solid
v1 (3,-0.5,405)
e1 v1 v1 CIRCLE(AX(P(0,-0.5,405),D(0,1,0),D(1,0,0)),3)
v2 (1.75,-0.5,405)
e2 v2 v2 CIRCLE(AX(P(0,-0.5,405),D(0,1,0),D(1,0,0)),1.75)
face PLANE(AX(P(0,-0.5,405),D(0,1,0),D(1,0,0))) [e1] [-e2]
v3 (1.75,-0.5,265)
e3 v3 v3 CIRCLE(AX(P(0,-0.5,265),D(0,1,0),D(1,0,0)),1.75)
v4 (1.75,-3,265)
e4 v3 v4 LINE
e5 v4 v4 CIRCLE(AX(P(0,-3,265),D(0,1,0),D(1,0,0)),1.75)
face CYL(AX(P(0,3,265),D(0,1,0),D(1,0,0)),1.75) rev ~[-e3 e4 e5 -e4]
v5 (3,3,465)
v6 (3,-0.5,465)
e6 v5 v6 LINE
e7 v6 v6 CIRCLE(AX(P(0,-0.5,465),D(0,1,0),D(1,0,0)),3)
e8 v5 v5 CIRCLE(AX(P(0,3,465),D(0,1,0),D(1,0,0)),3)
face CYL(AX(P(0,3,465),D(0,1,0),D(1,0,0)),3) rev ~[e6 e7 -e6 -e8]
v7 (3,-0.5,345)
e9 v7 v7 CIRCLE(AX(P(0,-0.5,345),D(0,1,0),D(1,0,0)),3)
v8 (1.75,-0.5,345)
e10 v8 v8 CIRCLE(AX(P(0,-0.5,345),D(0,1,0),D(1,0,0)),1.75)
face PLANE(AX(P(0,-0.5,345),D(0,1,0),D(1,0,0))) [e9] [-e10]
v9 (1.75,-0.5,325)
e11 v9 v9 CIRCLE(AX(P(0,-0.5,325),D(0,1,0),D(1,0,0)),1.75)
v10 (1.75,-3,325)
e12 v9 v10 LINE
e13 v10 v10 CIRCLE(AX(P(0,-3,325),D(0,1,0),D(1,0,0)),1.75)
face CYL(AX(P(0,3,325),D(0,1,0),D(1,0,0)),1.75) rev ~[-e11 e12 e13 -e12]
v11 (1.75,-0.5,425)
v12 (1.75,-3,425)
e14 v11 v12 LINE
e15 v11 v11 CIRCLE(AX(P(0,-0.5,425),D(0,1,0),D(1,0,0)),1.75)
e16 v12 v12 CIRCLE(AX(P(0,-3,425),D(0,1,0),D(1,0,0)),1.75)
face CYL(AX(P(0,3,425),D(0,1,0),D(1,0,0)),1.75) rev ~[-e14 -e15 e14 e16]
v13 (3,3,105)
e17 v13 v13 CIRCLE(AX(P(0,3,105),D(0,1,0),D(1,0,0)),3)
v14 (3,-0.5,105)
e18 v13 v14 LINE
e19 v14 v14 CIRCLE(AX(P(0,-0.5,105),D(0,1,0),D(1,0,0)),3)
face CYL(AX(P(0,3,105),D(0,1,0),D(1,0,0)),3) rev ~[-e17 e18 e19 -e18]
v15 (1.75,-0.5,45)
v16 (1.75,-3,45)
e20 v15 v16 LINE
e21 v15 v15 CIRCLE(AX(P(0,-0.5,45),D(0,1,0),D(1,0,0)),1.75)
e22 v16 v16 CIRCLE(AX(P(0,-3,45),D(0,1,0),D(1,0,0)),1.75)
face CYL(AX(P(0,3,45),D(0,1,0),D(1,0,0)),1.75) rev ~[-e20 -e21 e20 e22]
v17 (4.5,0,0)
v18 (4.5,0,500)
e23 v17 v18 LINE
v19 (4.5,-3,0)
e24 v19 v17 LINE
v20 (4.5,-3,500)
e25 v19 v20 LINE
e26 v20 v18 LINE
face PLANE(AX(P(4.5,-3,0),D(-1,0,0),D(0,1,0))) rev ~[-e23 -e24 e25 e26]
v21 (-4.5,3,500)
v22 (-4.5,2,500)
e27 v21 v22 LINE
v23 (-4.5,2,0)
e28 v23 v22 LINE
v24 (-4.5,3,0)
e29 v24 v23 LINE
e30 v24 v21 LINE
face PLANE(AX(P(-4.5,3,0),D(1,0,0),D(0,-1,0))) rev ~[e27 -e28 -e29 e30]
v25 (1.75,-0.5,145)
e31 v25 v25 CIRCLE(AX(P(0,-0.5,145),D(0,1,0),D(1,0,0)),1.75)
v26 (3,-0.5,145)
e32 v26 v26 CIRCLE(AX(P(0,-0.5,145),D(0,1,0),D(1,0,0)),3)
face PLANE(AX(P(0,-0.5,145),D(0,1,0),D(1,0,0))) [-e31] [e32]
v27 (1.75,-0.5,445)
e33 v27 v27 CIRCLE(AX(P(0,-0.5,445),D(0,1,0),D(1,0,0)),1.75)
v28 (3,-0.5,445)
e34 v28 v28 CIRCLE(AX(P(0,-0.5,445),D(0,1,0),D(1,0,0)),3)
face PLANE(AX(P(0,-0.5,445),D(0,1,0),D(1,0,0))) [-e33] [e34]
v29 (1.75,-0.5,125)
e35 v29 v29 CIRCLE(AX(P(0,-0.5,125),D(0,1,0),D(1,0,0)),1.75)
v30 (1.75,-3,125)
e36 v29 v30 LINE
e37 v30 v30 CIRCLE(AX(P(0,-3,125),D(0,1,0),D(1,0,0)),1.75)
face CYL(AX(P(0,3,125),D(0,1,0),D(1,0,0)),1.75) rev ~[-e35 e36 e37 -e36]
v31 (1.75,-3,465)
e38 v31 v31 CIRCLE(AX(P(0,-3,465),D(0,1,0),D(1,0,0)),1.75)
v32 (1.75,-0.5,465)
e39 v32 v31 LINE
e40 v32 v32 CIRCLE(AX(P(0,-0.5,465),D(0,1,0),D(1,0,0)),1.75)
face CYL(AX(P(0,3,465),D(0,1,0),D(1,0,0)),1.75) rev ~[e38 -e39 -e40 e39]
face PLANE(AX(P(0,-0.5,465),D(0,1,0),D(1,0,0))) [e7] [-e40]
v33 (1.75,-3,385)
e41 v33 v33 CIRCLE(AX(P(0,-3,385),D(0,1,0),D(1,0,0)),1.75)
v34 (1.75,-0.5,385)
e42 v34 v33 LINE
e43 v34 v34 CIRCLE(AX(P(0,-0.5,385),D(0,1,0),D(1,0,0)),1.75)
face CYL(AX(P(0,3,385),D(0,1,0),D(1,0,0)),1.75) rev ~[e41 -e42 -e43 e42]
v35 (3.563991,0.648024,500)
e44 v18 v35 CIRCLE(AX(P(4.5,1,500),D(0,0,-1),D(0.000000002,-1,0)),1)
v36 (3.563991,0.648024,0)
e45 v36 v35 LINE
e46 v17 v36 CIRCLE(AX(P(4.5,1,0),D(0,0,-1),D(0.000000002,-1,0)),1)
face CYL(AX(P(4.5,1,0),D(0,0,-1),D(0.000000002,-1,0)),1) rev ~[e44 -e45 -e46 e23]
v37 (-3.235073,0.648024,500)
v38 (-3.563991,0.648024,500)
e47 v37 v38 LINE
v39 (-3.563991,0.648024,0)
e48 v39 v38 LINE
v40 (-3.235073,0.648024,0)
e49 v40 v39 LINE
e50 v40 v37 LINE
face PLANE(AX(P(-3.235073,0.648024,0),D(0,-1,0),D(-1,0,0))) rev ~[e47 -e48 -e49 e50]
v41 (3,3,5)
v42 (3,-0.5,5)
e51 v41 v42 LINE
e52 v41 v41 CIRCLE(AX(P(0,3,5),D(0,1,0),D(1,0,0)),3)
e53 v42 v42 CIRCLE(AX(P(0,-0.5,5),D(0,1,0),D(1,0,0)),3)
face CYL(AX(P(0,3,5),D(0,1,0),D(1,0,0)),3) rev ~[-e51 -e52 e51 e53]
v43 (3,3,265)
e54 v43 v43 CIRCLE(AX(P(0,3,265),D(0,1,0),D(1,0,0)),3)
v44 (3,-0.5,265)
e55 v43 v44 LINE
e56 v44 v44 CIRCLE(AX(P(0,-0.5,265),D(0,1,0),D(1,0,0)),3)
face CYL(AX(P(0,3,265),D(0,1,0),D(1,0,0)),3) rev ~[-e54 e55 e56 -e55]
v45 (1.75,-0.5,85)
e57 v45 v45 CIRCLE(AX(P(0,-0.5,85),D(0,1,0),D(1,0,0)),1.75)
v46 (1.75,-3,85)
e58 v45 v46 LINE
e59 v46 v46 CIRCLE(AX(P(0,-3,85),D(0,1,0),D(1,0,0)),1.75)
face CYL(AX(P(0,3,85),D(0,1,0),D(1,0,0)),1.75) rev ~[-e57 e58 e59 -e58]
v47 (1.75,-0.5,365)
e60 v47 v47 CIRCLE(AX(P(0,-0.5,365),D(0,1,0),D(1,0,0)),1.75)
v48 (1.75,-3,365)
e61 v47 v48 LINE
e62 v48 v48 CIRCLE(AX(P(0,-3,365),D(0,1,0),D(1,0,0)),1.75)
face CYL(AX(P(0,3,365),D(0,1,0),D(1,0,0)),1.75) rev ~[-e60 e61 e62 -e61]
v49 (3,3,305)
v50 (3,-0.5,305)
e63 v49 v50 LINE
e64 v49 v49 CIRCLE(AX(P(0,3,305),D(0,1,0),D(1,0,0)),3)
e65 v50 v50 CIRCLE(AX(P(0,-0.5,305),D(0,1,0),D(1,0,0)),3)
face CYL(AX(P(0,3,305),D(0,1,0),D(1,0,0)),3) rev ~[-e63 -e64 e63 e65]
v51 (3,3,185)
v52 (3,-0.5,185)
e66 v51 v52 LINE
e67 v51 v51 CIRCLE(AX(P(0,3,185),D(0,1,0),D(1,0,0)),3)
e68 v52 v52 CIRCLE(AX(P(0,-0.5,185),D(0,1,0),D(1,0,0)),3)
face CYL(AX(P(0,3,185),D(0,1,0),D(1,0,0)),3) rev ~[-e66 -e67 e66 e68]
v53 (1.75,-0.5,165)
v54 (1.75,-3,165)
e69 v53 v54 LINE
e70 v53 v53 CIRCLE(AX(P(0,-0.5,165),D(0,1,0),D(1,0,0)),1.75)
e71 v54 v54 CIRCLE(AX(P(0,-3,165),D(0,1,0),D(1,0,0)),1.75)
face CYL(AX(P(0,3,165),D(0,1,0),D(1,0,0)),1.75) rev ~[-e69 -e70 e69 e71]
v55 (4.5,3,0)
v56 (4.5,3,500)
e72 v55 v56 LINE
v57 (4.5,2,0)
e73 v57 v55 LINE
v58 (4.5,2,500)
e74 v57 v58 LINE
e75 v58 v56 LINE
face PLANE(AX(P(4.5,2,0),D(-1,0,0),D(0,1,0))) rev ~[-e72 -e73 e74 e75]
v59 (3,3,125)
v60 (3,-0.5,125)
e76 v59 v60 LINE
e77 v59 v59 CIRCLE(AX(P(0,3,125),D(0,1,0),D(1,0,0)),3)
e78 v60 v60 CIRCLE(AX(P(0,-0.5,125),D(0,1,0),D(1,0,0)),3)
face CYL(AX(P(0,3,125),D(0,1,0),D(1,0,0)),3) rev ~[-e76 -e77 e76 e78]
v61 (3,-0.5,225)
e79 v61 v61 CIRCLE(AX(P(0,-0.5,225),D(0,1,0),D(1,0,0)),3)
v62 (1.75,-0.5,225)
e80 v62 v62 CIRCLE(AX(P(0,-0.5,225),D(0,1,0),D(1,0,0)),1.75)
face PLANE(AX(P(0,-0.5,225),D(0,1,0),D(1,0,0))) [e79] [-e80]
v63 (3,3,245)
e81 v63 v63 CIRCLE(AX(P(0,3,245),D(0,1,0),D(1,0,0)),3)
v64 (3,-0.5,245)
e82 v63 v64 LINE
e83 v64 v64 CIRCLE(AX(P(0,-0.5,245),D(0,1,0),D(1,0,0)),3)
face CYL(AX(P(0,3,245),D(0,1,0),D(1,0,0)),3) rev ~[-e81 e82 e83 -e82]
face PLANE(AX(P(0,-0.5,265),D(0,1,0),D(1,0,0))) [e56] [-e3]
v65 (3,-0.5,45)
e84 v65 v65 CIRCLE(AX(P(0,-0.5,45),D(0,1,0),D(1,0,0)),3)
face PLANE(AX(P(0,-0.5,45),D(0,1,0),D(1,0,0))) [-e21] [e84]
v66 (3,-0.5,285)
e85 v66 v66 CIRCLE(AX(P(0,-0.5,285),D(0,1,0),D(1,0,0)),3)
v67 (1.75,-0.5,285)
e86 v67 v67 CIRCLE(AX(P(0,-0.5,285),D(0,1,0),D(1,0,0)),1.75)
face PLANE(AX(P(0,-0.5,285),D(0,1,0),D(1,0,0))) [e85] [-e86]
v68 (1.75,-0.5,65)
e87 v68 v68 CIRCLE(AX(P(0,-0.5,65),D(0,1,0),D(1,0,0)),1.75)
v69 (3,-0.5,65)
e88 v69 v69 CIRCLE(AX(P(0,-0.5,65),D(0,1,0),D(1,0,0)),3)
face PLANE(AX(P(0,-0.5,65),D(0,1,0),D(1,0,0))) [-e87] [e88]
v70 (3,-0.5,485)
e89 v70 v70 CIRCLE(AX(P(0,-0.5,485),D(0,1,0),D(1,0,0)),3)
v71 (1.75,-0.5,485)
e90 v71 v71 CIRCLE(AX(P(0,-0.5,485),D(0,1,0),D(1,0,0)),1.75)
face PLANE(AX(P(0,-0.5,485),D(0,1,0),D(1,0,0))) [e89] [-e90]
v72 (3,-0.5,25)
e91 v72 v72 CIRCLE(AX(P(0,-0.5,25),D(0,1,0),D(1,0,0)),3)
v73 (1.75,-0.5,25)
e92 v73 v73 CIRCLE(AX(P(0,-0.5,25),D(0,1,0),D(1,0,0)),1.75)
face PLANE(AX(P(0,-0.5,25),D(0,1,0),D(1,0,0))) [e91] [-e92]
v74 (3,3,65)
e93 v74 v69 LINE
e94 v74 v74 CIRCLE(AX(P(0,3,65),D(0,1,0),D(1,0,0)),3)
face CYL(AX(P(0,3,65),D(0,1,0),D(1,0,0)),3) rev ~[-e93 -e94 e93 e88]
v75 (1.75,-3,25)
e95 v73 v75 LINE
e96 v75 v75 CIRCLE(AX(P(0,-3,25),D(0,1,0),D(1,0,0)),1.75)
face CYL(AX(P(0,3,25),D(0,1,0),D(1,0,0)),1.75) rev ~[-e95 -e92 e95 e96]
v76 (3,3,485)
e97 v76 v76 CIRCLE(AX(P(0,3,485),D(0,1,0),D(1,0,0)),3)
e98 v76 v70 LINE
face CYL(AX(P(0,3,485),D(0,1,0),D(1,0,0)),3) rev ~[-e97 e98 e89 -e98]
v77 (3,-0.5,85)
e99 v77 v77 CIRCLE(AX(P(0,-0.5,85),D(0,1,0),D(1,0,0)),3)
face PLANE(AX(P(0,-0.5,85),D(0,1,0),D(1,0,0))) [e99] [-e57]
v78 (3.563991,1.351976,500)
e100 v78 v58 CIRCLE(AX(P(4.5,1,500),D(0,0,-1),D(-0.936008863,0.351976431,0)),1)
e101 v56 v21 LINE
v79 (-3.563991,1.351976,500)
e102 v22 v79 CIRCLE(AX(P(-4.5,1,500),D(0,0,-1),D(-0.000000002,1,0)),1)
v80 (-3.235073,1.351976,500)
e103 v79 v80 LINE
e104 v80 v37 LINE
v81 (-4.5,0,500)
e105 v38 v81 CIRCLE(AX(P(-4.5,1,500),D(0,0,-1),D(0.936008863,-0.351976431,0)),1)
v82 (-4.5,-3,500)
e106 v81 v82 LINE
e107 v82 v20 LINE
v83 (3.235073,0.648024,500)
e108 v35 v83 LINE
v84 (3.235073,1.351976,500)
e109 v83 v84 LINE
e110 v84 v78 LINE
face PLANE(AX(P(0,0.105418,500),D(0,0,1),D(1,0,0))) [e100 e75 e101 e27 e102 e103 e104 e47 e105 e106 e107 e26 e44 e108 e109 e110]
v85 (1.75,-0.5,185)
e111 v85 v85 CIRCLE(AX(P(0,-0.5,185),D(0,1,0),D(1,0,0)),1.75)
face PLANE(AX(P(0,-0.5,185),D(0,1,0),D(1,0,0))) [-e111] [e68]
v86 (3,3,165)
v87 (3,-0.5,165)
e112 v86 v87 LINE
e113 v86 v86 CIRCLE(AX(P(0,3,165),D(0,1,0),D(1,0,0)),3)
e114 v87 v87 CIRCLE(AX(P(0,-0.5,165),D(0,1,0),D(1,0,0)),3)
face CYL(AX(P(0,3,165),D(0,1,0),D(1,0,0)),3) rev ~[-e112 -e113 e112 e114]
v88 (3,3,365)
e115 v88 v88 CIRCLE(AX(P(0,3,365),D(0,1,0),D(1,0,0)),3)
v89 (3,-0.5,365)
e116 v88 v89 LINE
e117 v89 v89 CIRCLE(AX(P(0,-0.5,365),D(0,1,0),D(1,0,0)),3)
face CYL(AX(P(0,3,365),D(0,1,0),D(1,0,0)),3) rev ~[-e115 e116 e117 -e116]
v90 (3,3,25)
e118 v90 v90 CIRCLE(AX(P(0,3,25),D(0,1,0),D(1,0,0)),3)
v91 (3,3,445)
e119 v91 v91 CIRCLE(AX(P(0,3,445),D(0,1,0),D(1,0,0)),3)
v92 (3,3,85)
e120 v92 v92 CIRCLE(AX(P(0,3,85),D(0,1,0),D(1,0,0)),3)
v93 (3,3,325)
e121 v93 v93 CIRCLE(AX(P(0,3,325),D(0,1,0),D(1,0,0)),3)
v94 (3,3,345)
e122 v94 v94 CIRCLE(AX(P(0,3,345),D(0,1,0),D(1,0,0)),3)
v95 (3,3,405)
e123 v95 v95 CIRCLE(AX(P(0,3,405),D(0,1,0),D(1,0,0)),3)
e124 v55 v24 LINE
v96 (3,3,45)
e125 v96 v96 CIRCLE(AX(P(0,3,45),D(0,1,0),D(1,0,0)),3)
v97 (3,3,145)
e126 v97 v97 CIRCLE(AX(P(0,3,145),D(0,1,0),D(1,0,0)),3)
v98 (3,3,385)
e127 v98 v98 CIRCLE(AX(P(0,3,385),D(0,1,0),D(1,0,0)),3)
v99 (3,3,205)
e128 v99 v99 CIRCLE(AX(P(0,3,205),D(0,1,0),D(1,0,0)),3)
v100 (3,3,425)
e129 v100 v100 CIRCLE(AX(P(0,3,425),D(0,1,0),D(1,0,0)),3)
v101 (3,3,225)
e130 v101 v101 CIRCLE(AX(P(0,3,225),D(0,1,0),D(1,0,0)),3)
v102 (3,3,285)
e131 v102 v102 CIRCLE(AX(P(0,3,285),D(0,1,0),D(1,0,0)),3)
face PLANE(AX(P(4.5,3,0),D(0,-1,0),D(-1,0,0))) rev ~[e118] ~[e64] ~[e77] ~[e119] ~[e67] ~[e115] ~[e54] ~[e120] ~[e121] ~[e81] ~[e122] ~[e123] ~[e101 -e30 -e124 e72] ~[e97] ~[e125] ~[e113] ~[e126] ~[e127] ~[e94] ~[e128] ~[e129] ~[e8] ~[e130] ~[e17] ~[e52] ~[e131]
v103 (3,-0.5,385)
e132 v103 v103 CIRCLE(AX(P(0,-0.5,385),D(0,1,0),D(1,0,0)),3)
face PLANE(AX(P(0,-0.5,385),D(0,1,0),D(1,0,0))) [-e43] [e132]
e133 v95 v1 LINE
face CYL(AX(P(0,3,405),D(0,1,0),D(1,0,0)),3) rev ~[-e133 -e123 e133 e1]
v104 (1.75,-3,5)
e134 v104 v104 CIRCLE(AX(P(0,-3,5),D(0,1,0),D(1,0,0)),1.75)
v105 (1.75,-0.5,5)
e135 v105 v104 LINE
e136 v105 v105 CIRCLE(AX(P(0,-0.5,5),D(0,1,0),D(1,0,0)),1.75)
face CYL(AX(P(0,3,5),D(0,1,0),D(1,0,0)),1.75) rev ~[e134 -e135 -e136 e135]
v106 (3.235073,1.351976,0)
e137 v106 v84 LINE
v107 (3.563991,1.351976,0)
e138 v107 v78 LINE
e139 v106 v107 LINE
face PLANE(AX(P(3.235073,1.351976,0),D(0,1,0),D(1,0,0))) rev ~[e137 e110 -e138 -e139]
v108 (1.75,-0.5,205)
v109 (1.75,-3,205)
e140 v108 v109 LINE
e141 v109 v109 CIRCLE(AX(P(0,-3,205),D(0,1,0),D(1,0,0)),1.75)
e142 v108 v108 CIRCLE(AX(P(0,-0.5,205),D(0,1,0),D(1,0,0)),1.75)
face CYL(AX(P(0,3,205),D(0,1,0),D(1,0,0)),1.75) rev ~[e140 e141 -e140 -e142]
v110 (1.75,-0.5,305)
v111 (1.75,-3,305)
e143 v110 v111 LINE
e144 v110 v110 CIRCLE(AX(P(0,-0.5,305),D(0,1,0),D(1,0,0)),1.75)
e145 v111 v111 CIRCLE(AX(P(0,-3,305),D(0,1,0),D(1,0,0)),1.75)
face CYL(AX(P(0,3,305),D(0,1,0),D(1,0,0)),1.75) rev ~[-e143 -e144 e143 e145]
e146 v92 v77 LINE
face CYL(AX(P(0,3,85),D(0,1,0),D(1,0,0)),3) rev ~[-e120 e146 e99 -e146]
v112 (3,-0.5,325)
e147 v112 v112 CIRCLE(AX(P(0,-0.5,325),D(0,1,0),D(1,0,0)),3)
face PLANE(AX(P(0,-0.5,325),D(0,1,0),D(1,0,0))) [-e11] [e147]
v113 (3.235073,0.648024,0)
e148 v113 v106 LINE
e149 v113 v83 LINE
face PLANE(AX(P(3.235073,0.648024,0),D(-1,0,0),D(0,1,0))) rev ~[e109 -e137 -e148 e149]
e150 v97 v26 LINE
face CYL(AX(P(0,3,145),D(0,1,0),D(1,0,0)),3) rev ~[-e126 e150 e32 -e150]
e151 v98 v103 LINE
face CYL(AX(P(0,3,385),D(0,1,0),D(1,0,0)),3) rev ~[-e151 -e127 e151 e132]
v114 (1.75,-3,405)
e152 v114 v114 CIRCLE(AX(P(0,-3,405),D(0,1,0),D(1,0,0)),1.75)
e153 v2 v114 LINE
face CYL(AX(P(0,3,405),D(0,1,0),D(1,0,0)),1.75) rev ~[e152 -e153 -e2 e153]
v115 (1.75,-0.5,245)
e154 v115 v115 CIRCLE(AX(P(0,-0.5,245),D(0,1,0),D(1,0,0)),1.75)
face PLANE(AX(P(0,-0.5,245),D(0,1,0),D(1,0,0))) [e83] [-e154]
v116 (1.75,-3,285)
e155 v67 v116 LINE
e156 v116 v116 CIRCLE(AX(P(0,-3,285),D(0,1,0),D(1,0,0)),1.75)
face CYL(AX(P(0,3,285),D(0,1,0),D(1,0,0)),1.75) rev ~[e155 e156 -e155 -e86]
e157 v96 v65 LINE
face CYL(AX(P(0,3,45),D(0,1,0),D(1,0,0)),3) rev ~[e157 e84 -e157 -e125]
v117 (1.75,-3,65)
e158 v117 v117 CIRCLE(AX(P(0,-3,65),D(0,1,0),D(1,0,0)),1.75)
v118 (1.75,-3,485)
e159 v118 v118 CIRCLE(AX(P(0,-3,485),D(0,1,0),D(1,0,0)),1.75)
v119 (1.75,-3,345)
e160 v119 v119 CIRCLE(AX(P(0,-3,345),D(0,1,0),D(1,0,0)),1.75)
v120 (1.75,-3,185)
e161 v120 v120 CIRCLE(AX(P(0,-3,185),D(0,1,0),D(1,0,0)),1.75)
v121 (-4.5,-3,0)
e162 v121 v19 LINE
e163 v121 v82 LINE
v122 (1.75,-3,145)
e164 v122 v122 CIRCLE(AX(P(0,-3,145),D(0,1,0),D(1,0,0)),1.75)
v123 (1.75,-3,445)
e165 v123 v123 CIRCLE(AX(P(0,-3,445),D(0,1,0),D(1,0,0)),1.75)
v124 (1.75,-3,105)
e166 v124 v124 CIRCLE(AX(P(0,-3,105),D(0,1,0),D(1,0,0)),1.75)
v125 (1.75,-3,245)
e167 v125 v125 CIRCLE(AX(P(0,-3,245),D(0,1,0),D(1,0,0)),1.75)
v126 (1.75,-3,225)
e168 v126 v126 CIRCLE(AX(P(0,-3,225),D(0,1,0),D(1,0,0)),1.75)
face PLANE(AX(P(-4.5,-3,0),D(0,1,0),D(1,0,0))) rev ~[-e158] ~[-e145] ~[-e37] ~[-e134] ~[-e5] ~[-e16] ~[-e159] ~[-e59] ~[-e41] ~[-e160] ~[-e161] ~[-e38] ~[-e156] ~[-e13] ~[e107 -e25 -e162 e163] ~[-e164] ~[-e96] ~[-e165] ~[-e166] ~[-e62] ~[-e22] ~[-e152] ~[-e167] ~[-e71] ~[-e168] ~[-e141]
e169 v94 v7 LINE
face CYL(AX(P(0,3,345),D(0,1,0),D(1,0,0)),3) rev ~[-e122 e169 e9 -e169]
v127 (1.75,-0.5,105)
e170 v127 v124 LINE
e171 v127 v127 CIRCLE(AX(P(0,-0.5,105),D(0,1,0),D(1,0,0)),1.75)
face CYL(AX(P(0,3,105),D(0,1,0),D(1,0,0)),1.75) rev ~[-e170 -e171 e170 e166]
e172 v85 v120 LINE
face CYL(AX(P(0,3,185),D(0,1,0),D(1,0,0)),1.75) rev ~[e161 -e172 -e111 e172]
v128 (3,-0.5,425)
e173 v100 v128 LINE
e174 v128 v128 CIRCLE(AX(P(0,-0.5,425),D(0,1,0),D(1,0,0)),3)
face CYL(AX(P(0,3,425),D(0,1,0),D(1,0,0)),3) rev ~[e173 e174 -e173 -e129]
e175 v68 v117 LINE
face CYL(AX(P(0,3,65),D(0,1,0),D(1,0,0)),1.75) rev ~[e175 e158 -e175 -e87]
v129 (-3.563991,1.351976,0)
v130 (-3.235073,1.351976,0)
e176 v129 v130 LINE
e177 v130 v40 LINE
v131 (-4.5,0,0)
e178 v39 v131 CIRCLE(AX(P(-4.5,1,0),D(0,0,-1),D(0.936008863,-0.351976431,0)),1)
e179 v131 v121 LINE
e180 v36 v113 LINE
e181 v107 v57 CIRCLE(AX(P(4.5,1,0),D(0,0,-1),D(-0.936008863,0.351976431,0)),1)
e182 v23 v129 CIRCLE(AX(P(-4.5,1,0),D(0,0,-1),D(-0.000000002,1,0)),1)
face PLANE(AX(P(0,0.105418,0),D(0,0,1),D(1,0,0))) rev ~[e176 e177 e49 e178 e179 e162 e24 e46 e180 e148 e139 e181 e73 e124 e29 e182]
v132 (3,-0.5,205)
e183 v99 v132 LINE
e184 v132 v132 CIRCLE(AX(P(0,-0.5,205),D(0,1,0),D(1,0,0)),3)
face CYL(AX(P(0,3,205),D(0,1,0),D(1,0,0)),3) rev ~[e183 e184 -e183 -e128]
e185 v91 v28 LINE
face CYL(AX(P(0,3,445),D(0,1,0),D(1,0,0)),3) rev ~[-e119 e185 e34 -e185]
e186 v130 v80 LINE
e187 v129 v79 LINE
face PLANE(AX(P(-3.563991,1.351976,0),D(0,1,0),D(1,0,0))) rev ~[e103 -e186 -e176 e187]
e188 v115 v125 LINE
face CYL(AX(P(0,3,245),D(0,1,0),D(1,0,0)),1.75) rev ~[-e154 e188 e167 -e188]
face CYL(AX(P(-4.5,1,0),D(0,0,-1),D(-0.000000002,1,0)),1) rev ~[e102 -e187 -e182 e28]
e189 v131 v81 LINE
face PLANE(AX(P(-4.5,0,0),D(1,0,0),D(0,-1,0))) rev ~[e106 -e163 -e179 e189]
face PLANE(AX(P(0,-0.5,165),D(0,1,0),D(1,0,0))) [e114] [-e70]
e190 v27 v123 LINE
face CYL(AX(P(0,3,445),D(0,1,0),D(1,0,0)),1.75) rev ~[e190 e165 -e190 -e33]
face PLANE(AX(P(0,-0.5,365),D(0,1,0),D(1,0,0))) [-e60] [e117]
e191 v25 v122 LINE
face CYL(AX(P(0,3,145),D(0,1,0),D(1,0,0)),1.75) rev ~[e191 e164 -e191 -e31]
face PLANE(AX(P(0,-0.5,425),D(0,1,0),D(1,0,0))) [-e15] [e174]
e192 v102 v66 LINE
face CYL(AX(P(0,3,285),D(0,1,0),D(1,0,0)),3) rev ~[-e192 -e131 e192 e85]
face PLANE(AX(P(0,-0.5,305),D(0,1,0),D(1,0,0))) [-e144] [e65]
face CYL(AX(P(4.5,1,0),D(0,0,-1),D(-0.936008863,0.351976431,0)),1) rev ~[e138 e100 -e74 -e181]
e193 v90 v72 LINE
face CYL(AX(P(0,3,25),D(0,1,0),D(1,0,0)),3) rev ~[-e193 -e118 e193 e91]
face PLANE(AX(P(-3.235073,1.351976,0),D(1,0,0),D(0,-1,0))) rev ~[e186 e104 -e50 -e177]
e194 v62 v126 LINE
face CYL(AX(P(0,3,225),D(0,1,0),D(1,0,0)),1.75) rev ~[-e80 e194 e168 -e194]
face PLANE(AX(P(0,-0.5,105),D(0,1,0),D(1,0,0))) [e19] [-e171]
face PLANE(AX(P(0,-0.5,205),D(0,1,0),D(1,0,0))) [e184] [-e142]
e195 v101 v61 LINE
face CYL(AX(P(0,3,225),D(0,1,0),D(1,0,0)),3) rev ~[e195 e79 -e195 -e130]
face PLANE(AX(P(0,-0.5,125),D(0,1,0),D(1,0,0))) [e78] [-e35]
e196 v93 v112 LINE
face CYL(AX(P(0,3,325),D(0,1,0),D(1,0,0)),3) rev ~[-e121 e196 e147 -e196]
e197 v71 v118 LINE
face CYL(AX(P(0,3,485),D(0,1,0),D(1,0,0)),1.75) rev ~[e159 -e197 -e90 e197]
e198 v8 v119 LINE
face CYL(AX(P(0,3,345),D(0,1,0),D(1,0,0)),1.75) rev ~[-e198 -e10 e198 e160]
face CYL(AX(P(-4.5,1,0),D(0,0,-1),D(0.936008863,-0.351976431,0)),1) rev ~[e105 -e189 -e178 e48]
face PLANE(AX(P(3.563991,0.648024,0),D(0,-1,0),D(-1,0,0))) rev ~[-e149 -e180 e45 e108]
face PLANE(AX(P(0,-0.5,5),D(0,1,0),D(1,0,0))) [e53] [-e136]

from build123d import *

# Parameters (mm, degrees)
EXTRUDE1_DEPTH  = 500
SKETCH2_R       = 3
EXTRUDE2_DEPTH  = 3.5
SKETCH_R        = 1.75
EXTRUDE3_DEPTH  = 7
LPATTERN1_COUNT = 30
LPATTERN1_PITCH = 20


with BuildPart() as part:
    # Sketch1 → Extrude1 (new body)
    with BuildSketch(Plane.XY):
        with BuildLine():
            Line((-4.5, -3), (4.5, -3))
            Line((4.5, -3), (4.5, 0))
            ThreePointArc((4.5, 0), (3.93077967, 0.177814974), (3.563991137, 0.648023568))
            Line((3.563991137, 0.648023568), (3.235073025, 0.648023568))
            Line((3.235073025, 0.648023568), (3.235073025, 1.351976432))
            Line((3.235073025, 1.351976432), (3.563991137, 1.351976432))
            ThreePointArc((3.563991137, 1.351976432), (3.93077967, 1.822185026), (4.5, 2))
            Line((4.5, 2), (4.5, 3))
            Line((4.5, 3), (-4.5, 3))
            Line((-4.5, 3), (-4.5, 2))
            ThreePointArc((-4.5, 2), (-3.93077967, 1.822185026), (-3.563991137, 1.351976432))
            Line((-3.563991137, 1.351976432), (-3.235073025, 1.351976432))
            Line((-3.235073025, 1.351976432), (-3.235073025, 0.648023568))
            Line((-3.235073025, 0.648023568), (-3.563991137, 0.648023568))
            ThreePointArc((-3.563991137, 0.648023568), (-3.93077967, 0.177814974), (-4.5, 0))
            Line((-4.5, 0), (-4.5, -3))
        make_face()
    extrude(amount=EXTRUDE1_DEPTH)

    # Sketch2 → Extrude2 (cut)
    with BuildSketch(Plane(origin=(0, 3, 0), x_dir=(1, 0, 0), z_dir=(0, 1, 0))):
        with Locations((0, -5)):
            Circle(SKETCH2_R)
    extrude2 = extrude(amount=-EXTRUDE2_DEPTH, mode=Mode.SUBTRACT)

    # Sketch → Extrude3 (cut, through all)
    with BuildSketch(Plane(origin=(0, 3, 0), x_dir=(1, 0, 0), z_dir=(0, 1, 0))):
        with Locations((0, -5)):
            Circle(SKETCH_R)
    extrude3 = extrude(amount=-EXTRUDE3_DEPTH, mode=Mode.SUBTRACT)

    # LPattern1: Extrude2, Extrude3 ×30
    with Locations(*[(0, 0, i * LPATTERN1_PITCH) for i in range(1, LPATTERN1_COUNT)]):
        add(extrude2, mode=Mode.SUBTRACT)
        add(extrude3, mode=Mode.SUBTRACT)


solid = part.part
